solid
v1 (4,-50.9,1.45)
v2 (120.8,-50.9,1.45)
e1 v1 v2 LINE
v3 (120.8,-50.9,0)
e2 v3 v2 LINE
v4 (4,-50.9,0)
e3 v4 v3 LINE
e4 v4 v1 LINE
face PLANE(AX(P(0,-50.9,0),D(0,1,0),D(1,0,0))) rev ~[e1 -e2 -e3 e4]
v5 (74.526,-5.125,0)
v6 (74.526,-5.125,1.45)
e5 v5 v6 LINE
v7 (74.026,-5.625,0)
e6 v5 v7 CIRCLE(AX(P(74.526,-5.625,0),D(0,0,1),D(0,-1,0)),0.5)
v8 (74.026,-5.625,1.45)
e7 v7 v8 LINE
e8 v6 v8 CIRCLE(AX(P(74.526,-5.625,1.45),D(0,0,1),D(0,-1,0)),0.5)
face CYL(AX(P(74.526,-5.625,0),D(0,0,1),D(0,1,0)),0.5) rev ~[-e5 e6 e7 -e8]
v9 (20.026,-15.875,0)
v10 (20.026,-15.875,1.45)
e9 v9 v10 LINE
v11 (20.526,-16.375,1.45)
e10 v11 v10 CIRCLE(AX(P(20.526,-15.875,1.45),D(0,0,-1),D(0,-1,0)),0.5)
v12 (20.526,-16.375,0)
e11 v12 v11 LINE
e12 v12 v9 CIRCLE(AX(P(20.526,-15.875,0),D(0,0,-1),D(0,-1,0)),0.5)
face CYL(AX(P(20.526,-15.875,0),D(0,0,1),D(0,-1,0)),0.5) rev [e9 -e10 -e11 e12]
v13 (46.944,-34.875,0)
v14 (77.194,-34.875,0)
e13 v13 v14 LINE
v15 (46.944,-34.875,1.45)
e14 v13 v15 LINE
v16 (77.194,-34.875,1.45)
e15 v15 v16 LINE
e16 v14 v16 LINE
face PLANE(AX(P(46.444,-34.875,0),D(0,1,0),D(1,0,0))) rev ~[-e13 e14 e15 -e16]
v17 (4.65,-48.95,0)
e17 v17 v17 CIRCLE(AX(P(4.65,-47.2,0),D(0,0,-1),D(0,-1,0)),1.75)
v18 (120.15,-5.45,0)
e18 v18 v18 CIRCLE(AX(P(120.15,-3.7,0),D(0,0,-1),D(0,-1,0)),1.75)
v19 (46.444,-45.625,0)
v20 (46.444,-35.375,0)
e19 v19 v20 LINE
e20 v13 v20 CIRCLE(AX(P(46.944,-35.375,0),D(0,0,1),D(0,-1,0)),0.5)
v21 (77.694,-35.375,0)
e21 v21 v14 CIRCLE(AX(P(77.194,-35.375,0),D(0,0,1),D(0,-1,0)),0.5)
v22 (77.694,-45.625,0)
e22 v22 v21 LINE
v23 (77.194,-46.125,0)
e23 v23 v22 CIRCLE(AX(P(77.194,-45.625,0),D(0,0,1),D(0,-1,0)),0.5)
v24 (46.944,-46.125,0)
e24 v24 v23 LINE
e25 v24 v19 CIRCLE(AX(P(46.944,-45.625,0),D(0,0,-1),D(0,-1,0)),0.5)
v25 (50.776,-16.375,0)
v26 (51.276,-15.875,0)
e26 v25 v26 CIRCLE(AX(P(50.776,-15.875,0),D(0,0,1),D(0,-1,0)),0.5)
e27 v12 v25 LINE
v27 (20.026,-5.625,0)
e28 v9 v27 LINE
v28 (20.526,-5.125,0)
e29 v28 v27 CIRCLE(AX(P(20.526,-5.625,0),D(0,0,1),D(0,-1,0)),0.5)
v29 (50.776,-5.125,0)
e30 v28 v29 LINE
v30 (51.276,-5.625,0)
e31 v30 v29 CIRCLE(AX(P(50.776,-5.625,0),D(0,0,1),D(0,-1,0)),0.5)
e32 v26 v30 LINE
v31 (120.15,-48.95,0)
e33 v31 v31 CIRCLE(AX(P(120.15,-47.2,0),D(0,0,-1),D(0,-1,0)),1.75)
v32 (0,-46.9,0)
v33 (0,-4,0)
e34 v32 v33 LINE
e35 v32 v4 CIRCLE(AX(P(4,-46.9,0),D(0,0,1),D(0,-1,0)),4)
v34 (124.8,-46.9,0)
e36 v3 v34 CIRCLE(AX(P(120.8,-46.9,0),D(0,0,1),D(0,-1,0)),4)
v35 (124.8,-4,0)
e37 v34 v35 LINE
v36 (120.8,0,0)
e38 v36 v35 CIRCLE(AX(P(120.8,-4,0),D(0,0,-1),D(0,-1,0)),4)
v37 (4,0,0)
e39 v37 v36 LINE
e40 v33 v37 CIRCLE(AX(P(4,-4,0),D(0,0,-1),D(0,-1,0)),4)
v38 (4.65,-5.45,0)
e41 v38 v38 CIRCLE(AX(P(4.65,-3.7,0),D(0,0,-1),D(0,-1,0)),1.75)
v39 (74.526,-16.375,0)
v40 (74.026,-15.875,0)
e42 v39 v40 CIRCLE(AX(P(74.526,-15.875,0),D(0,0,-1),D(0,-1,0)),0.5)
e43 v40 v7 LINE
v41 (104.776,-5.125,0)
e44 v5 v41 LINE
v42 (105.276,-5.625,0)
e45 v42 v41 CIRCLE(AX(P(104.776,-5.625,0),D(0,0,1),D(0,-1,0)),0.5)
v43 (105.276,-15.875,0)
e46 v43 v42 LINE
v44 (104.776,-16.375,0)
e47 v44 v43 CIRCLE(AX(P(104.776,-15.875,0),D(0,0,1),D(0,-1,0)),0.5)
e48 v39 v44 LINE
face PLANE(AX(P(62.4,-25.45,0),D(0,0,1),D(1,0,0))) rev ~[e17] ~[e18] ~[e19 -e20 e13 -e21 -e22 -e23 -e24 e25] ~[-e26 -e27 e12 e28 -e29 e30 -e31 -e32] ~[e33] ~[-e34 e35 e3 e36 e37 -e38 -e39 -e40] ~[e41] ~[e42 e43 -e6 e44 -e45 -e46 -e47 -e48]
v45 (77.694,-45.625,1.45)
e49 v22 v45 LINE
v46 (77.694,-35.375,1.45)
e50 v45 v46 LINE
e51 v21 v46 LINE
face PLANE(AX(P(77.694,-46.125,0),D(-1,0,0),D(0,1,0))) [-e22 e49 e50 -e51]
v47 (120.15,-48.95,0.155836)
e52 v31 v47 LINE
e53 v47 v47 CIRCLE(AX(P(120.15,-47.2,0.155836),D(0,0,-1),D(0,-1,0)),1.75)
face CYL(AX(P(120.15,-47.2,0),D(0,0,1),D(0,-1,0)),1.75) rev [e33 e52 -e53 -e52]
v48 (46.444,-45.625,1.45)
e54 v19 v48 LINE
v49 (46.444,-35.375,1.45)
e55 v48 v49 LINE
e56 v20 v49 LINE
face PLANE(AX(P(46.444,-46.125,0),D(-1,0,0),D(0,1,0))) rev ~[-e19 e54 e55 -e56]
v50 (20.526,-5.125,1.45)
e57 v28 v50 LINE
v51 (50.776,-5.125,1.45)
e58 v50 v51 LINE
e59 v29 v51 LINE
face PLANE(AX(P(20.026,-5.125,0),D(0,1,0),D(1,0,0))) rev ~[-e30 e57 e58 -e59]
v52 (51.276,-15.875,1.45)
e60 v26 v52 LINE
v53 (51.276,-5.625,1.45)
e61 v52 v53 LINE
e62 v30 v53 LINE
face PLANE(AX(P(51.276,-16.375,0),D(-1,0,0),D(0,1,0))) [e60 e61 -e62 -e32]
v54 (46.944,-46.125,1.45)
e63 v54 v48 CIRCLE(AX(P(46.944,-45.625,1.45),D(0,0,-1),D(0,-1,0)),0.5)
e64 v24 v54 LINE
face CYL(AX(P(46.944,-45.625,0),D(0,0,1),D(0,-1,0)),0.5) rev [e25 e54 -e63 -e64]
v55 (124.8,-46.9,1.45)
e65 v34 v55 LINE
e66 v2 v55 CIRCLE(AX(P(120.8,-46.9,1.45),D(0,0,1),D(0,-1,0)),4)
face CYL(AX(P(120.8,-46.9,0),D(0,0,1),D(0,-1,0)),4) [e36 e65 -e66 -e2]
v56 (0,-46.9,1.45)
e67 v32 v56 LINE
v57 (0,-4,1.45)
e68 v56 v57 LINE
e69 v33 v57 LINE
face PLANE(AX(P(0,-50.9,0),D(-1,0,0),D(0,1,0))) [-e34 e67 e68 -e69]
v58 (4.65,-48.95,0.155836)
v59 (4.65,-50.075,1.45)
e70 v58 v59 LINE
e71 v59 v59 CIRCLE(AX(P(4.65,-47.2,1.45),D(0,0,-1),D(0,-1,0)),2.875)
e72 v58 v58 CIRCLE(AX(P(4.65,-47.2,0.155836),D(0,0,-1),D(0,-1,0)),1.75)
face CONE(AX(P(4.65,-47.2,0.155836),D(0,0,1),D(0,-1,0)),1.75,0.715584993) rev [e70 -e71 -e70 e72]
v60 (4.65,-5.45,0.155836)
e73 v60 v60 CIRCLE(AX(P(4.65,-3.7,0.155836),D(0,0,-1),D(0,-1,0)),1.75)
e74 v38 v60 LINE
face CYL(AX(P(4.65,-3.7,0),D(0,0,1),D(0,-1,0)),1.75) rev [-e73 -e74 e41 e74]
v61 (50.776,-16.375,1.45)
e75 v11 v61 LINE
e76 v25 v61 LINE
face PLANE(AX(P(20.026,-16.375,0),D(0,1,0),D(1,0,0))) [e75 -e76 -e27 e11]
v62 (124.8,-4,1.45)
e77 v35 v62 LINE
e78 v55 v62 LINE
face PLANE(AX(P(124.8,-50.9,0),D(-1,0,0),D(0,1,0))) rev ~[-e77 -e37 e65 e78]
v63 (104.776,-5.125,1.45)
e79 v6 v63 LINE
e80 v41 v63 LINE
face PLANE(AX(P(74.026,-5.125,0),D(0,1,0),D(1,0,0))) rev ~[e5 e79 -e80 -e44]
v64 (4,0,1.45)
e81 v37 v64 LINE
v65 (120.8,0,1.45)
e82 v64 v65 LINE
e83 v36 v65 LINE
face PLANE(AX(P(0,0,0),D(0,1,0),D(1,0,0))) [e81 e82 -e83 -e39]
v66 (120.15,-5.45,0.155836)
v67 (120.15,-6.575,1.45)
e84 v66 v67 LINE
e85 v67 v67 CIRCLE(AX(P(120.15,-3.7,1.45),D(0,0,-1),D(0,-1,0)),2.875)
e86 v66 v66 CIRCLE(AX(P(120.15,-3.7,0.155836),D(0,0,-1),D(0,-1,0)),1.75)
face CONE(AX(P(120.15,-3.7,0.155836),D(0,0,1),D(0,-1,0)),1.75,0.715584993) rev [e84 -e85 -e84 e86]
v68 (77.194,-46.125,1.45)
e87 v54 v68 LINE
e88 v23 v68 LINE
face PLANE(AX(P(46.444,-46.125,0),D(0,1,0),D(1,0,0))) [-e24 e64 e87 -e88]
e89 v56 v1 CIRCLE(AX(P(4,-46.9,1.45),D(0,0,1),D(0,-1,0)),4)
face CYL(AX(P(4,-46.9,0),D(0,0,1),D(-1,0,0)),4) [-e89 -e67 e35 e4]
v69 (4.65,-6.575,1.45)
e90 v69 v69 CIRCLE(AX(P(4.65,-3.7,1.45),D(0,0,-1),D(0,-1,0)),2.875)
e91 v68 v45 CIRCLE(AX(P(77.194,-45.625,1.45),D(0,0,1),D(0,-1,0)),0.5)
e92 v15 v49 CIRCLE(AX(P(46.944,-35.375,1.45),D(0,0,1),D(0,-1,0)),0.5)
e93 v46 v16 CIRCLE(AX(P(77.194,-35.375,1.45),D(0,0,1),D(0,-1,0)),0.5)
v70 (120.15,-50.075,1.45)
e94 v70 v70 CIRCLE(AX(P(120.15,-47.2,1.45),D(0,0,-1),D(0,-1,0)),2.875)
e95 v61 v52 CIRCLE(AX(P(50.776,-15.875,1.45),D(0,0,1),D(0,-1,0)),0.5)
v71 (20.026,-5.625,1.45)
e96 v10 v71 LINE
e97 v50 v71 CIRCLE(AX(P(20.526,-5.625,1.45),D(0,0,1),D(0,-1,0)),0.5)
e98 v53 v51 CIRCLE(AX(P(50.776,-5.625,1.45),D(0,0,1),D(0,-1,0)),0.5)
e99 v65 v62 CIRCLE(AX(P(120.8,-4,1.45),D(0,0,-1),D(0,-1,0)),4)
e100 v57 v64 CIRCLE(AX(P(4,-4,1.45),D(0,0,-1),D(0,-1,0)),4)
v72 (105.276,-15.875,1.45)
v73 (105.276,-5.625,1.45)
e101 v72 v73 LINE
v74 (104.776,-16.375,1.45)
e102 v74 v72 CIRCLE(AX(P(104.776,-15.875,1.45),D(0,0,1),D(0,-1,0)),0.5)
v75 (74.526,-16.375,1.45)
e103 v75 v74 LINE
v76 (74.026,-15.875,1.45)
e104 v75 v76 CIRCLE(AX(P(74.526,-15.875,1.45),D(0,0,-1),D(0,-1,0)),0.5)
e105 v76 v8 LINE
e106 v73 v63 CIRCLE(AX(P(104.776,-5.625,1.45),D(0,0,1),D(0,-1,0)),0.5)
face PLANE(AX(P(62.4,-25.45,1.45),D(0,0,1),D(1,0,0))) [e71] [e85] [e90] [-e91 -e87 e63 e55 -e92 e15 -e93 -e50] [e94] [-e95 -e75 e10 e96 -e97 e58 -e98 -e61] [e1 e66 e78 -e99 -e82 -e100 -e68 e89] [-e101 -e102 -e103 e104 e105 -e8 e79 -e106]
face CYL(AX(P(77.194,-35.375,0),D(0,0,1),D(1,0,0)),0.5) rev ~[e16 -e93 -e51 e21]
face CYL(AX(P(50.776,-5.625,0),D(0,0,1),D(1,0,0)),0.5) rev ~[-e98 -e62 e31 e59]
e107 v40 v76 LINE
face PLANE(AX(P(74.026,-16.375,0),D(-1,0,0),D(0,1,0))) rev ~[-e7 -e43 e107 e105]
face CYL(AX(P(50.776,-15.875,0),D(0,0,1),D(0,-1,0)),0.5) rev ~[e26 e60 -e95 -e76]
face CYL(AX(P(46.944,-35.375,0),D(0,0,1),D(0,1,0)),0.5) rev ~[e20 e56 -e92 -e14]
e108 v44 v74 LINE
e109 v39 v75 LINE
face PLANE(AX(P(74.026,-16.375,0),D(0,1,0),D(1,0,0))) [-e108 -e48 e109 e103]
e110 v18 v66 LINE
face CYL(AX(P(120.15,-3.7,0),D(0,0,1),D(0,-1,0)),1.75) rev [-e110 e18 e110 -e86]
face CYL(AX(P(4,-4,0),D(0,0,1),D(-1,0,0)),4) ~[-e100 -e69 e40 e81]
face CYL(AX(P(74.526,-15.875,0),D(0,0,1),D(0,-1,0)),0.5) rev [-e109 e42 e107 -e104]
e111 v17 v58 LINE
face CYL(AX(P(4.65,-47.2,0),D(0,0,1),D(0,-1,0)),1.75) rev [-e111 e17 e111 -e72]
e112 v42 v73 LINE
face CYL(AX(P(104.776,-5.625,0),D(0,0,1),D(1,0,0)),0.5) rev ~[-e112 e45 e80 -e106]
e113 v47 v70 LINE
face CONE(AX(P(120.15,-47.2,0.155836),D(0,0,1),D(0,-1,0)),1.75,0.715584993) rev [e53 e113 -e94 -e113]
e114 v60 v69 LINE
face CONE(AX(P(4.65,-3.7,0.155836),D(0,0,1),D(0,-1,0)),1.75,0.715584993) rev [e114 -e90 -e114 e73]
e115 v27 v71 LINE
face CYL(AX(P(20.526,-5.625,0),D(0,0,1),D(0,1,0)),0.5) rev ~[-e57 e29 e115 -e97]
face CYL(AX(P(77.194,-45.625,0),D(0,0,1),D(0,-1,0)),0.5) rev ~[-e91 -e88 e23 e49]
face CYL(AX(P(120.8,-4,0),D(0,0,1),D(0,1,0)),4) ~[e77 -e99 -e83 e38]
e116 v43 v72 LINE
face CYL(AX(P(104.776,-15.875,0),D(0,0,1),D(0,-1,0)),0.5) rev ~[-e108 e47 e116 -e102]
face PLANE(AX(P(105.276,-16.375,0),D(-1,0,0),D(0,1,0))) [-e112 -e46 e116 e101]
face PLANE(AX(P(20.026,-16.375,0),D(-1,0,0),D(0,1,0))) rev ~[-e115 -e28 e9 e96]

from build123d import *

# Parameters (mm, degrees)
SKETCH1_W                                      = 124.8
SKETCH1_H                                      = 50.9
BOSS_EXTRUDE1_DEPTH                            = 1.45
CSK_FOR_M3_5_FLAT_HEAD_MACHINE_SCREW1_AT_COUNT = 2
CSK_FOR_M3_5_FLAT_HEAD_MACHINE_SCREW1_AT_PITCH = 115.5
CSK_FOR_M3_5_FLAT_HEAD_MACHINE_SCREW_2_COUNT   = 2
CSK_FOR_M3_5_FLAT_HEAD_MACHINE_SCREW_2_PITCH   = 123.420014584
CSK_FOR_M3_5_FLAT_HEAD_MACHINE_SCREW_3_COUNT   = 2
CSK_FOR_M3_5_FLAT_HEAD_MACHINE_SCREW_3_PITCH   = 43.5
FILLET2_R                                      = 4
SKETCH4_W                                      = 31.25
SKETCH4_H                                      = 11.25
CUT_EXTRUDE1_DEPTH                             = 1.45
FILLET3_R                                      = 0.5


with BuildPart() as part:
    # Sketch1 → Boss-Extrude1 (new body)
    with BuildSketch(Plane.XY):
        with Locations((62.4, -25.45)):
            Rectangle(SKETCH1_W, SKETCH1_H)
    extrude(amount=BOSS_EXTRUDE1_DEPTH)

    # Sketch2 → CSK for M3.5 Flat Head Machine Screw1 (revolve, cut)
    with BuildSketch(Plane(origin=(4.65, -3.7, 1.45), x_dir=(0, -1, 0), z_dir=(1, 0, 0))):
        Polygon((0, 0), (0, 1.45), (1.75, 1.45), (1.75, 1.294164458), (2.875, 0), align=None)
    csk_for_m3_5_flat_head_machine_screw1 = revolve(axis=Axis((4.65, -3.7, 7.8), (0, 0, -1)), mode=Mode.SUBTRACT)

    # CSK for M3.5 Flat Head Machine Screw1 at: CSK for M3.5 Flat Head Machine Screw1 ×2
    with Locations(*[(i * CSK_FOR_M3_5_FLAT_HEAD_MACHINE_SCREW1_AT_PITCH, 0, 0) for i in range(1, CSK_FOR_M3_5_FLAT_HEAD_MACHINE_SCREW1_AT_COUNT)]):
        add(csk_for_m3_5_flat_head_machine_screw1, mode=Mode.SUBTRACT)

    # CSK for M3.5 Flat Head Machine Screw 2: CSK for M3.5 Flat Head Machine Screw1 ×2
    with Locations(*[Vector(0.935828766, -0.35245499, 0) * (i * CSK_FOR_M3_5_FLAT_HEAD_MACHINE_SCREW_2_PITCH) for i in range(1, CSK_FOR_M3_5_FLAT_HEAD_MACHINE_SCREW_2_COUNT)]):
        add(csk_for_m3_5_flat_head_machine_screw1, mode=Mode.SUBTRACT)

    # CSK for M3.5 Flat Head Machine Screw 3: CSK for M3.5 Flat Head Machine Screw1 ×2
    with Locations(*[(0, -i * CSK_FOR_M3_5_FLAT_HEAD_MACHINE_SCREW_3_PITCH, 0) for i in range(1, CSK_FOR_M3_5_FLAT_HEAD_MACHINE_SCREW_3_COUNT)]):
        add(csk_for_m3_5_flat_head_machine_screw1, mode=Mode.SUBTRACT)

    # Fillet2
    fillet2_edges = [part.edges().sort_by_distance(p)[0] for p in [
        (0, 0, 0.725),
        (124.8, 0, 0.725),
        (124.8, -50.9, 0.725),
        (0, -50.9, 0.725),
    ]]
    fillet(fillet2_edges, radius=FILLET2_R)

    # Sketch4 → Cut-Extrude1 (cut)
    with BuildSketch(Plane.XY):
        with Locations((35.651, -10.75)):
            Rectangle(SKETCH4_W, SKETCH4_H)
        with Locations((89.651, -10.75)):
            Rectangle(SKETCH4_W, SKETCH4_H)
        with Locations((62.069, -40.5)):
            Rectangle(SKETCH4_W, SKETCH4_H)
    extrude(amount=CUT_EXTRUDE1_DEPTH, mode=Mode.SUBTRACT)

    # Fillet3
    fillet3_edges = [part.edges().sort_by_distance(p)[0] for p in [
        (77.694, -46.125, 0.725),
        (77.694, -34.875, 0.725),
        (46.444, -34.875, 0.725),
        (46.444, -46.125, 0.725),
        (105.276, -16.375, 0.725),
        (105.276, -5.125, 0.725),
        (74.026, -5.125, 0.725),
        (74.026, -16.375, 0.725),
        (51.276, -16.375, 0.725),
        (51.276, -5.125, 0.725),
        (20.026, -5.125, 0.725),
        (20.026, -16.375, 0.725),
    ]]
    fillet(fillet3_edges, radius=FILLET3_R)


solid = part.part
